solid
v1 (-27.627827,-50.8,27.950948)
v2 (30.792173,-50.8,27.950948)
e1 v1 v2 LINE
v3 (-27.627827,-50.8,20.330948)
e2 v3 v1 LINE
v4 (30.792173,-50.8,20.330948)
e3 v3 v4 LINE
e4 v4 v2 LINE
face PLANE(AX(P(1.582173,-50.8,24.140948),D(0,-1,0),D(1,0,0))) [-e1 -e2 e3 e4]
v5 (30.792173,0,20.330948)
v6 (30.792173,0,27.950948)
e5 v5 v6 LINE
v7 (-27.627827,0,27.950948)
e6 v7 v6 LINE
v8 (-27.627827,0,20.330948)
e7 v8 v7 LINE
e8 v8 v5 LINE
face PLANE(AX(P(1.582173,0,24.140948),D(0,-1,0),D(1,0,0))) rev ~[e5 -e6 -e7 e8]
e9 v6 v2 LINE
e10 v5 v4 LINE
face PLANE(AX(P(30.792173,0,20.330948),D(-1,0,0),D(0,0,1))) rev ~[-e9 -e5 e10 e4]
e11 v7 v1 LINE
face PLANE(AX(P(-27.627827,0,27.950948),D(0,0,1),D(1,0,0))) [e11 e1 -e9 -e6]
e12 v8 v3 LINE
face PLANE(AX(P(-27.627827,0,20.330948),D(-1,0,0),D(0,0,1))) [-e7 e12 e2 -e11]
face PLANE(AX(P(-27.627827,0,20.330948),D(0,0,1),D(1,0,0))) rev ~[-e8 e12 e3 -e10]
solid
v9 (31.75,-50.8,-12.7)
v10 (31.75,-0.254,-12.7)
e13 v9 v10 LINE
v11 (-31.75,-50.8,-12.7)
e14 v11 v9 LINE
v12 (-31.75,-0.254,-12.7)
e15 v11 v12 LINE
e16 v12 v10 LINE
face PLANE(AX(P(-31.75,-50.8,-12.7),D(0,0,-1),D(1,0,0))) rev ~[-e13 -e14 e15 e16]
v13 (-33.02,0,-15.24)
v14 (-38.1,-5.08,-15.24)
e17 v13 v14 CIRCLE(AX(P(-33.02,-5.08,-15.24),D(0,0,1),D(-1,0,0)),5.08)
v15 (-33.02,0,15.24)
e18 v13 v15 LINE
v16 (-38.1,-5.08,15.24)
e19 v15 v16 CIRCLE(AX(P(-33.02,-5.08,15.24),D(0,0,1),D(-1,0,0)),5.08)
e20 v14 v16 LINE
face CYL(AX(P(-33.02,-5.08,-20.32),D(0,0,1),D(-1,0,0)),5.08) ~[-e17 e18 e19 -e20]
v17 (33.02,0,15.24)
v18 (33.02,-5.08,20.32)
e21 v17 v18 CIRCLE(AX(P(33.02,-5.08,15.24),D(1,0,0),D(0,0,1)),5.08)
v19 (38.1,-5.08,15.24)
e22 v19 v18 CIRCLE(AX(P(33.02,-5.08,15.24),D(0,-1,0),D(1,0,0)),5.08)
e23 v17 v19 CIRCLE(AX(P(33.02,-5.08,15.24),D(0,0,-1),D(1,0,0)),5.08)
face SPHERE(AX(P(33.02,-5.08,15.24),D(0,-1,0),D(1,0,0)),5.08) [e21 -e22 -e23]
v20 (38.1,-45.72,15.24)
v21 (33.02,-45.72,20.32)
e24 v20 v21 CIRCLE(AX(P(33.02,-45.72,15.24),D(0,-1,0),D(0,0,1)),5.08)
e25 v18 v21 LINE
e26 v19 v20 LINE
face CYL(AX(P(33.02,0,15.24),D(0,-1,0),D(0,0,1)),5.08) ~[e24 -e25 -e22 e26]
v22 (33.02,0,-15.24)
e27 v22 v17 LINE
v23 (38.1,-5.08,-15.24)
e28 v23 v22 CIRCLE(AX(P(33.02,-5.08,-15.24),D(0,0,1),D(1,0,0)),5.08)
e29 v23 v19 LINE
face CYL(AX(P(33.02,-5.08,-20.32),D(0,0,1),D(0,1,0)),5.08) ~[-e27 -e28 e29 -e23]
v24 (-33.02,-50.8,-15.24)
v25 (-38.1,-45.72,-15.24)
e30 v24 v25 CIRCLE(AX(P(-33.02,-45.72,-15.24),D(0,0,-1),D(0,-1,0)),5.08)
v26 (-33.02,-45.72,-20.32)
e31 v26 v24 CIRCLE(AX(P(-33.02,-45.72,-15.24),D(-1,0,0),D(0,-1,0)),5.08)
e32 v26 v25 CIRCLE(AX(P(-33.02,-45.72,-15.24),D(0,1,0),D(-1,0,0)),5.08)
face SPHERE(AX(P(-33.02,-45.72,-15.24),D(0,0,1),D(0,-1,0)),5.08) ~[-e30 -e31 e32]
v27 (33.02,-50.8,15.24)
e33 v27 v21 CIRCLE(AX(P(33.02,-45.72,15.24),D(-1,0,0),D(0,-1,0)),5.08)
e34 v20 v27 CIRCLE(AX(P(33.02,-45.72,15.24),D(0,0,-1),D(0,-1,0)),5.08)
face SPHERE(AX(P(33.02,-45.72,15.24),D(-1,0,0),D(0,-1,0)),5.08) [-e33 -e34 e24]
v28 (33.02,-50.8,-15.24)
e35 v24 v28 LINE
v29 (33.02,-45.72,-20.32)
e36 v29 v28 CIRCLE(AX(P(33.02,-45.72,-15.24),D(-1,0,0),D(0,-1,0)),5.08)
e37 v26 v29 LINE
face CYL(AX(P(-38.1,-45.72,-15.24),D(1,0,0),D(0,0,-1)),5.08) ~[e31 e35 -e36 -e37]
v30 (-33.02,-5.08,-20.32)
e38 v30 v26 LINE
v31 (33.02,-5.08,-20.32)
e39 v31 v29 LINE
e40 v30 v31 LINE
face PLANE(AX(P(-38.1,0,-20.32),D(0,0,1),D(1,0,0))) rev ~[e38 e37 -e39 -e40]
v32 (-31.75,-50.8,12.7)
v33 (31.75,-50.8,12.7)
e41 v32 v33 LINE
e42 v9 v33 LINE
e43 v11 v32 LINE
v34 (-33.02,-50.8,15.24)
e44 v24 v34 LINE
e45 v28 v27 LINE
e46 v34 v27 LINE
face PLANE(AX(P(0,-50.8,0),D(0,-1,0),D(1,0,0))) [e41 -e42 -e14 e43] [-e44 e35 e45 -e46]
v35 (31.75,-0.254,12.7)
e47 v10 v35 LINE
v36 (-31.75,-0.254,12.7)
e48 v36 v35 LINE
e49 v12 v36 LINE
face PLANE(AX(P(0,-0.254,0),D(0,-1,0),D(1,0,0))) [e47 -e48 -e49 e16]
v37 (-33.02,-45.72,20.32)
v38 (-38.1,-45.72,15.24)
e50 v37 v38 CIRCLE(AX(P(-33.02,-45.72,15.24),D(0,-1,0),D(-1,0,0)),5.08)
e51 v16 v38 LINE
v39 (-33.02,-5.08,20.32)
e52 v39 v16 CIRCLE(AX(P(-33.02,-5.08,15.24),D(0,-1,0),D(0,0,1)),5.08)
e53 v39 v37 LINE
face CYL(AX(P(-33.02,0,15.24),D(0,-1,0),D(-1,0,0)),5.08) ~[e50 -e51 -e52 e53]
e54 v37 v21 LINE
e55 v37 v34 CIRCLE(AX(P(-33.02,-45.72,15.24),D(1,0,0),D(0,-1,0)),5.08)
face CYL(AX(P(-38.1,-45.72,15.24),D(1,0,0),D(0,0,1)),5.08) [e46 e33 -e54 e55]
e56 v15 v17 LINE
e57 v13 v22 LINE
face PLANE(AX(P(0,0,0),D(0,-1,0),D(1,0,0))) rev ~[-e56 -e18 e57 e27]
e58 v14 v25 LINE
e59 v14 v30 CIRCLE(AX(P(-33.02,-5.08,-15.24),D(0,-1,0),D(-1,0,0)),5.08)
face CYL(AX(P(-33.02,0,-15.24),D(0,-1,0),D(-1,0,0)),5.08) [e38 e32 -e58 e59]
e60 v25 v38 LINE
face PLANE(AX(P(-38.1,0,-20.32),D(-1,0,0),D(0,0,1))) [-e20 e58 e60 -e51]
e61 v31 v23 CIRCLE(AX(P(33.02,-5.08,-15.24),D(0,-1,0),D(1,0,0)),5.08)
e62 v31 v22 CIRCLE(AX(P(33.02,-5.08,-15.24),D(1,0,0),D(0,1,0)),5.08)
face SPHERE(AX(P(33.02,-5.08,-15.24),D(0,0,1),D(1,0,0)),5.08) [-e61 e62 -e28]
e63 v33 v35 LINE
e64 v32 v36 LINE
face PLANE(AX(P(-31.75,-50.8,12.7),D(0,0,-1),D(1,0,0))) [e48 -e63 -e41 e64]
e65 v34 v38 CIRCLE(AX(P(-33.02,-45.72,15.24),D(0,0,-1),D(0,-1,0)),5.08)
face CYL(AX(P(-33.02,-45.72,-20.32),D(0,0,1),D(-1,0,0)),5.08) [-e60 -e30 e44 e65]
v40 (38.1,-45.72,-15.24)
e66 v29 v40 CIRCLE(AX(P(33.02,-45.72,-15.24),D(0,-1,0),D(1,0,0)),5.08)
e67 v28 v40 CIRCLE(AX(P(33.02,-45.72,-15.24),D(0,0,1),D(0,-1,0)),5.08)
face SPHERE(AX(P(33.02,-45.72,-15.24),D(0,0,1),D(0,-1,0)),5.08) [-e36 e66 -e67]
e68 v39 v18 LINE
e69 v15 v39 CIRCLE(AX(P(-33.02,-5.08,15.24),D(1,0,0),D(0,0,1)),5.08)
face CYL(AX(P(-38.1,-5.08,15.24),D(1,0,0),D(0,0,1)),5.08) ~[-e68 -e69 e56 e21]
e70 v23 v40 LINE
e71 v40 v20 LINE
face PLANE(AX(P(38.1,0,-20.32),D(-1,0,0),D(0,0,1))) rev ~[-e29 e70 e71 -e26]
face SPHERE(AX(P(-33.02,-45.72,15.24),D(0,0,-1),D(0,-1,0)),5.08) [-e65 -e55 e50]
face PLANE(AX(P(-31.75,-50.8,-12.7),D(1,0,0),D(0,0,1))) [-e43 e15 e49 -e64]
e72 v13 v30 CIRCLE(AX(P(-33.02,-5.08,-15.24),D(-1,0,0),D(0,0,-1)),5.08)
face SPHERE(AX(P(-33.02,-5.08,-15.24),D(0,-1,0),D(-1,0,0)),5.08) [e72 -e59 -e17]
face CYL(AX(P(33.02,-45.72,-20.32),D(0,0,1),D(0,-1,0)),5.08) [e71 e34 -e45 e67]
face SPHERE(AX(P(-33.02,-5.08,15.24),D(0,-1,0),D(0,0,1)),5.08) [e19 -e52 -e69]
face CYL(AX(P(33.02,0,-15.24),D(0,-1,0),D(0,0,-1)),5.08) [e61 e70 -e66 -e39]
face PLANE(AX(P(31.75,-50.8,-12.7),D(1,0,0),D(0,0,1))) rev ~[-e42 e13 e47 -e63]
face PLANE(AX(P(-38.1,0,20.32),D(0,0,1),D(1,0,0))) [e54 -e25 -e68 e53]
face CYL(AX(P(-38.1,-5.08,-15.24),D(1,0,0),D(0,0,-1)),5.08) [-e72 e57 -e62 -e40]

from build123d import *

# Parameters (mm, degrees)
F0_W     = 76.2
F0_H     = 40.64
F1_DEPTH = 50.8
F2_W     = 63.5
F2_H     = 25.4
F3_DEPTH = 50.546
F4_W     = 58.42
F4_H     = 7.62
F5_DEPTH = 50.8
F6_R     = 5.08


with BuildPart() as f1:
    # F0 (on Front) → F1 (new body)
    with BuildSketch(Plane.XZ):
        Rectangle(F0_W, F0_H)
    extrude(amount=F1_DEPTH)

    # F2 (on face) → F3 (cut)
    with BuildSketch(Plane.XZ.offset(50.8)):
        Rectangle(F2_W, F2_H)
    extrude(amount=-F3_DEPTH, mode=Mode.SUBTRACT)

    # F6
    f6_edges = [f1.edges().sort_by_distance(p)[0] for p in [
        (-38.1, -50.8, 0),
        (0, -50.8, 20.32),
        (38.1, -50.8, 0),
        (0, -50.8, -20.32),
        (38.1, -25.4, 20.32),
        (38.1, 0, 0),
        (38.1, -25.4, -20.32),
        (-38.1, -25.4, 20.32),
        (0, 0, 20.32),
        (-38.1, -25.4, -20.32),
        (-38.1, 0, 0),
        (0, 0, -20.32),
    ]]
    fillet(f6_edges, radius=F6_R)


with BuildPart() as f5:
    # F4 (on Front) → F5 (new body)
    with BuildSketch(Plane.XZ):
        with Locations((1.582173, 24.140948)):
            Rectangle(F4_W, F4_H)
    extrude(amount=F5_DEPTH)


solid = Compound([f1.part, f5.part])
